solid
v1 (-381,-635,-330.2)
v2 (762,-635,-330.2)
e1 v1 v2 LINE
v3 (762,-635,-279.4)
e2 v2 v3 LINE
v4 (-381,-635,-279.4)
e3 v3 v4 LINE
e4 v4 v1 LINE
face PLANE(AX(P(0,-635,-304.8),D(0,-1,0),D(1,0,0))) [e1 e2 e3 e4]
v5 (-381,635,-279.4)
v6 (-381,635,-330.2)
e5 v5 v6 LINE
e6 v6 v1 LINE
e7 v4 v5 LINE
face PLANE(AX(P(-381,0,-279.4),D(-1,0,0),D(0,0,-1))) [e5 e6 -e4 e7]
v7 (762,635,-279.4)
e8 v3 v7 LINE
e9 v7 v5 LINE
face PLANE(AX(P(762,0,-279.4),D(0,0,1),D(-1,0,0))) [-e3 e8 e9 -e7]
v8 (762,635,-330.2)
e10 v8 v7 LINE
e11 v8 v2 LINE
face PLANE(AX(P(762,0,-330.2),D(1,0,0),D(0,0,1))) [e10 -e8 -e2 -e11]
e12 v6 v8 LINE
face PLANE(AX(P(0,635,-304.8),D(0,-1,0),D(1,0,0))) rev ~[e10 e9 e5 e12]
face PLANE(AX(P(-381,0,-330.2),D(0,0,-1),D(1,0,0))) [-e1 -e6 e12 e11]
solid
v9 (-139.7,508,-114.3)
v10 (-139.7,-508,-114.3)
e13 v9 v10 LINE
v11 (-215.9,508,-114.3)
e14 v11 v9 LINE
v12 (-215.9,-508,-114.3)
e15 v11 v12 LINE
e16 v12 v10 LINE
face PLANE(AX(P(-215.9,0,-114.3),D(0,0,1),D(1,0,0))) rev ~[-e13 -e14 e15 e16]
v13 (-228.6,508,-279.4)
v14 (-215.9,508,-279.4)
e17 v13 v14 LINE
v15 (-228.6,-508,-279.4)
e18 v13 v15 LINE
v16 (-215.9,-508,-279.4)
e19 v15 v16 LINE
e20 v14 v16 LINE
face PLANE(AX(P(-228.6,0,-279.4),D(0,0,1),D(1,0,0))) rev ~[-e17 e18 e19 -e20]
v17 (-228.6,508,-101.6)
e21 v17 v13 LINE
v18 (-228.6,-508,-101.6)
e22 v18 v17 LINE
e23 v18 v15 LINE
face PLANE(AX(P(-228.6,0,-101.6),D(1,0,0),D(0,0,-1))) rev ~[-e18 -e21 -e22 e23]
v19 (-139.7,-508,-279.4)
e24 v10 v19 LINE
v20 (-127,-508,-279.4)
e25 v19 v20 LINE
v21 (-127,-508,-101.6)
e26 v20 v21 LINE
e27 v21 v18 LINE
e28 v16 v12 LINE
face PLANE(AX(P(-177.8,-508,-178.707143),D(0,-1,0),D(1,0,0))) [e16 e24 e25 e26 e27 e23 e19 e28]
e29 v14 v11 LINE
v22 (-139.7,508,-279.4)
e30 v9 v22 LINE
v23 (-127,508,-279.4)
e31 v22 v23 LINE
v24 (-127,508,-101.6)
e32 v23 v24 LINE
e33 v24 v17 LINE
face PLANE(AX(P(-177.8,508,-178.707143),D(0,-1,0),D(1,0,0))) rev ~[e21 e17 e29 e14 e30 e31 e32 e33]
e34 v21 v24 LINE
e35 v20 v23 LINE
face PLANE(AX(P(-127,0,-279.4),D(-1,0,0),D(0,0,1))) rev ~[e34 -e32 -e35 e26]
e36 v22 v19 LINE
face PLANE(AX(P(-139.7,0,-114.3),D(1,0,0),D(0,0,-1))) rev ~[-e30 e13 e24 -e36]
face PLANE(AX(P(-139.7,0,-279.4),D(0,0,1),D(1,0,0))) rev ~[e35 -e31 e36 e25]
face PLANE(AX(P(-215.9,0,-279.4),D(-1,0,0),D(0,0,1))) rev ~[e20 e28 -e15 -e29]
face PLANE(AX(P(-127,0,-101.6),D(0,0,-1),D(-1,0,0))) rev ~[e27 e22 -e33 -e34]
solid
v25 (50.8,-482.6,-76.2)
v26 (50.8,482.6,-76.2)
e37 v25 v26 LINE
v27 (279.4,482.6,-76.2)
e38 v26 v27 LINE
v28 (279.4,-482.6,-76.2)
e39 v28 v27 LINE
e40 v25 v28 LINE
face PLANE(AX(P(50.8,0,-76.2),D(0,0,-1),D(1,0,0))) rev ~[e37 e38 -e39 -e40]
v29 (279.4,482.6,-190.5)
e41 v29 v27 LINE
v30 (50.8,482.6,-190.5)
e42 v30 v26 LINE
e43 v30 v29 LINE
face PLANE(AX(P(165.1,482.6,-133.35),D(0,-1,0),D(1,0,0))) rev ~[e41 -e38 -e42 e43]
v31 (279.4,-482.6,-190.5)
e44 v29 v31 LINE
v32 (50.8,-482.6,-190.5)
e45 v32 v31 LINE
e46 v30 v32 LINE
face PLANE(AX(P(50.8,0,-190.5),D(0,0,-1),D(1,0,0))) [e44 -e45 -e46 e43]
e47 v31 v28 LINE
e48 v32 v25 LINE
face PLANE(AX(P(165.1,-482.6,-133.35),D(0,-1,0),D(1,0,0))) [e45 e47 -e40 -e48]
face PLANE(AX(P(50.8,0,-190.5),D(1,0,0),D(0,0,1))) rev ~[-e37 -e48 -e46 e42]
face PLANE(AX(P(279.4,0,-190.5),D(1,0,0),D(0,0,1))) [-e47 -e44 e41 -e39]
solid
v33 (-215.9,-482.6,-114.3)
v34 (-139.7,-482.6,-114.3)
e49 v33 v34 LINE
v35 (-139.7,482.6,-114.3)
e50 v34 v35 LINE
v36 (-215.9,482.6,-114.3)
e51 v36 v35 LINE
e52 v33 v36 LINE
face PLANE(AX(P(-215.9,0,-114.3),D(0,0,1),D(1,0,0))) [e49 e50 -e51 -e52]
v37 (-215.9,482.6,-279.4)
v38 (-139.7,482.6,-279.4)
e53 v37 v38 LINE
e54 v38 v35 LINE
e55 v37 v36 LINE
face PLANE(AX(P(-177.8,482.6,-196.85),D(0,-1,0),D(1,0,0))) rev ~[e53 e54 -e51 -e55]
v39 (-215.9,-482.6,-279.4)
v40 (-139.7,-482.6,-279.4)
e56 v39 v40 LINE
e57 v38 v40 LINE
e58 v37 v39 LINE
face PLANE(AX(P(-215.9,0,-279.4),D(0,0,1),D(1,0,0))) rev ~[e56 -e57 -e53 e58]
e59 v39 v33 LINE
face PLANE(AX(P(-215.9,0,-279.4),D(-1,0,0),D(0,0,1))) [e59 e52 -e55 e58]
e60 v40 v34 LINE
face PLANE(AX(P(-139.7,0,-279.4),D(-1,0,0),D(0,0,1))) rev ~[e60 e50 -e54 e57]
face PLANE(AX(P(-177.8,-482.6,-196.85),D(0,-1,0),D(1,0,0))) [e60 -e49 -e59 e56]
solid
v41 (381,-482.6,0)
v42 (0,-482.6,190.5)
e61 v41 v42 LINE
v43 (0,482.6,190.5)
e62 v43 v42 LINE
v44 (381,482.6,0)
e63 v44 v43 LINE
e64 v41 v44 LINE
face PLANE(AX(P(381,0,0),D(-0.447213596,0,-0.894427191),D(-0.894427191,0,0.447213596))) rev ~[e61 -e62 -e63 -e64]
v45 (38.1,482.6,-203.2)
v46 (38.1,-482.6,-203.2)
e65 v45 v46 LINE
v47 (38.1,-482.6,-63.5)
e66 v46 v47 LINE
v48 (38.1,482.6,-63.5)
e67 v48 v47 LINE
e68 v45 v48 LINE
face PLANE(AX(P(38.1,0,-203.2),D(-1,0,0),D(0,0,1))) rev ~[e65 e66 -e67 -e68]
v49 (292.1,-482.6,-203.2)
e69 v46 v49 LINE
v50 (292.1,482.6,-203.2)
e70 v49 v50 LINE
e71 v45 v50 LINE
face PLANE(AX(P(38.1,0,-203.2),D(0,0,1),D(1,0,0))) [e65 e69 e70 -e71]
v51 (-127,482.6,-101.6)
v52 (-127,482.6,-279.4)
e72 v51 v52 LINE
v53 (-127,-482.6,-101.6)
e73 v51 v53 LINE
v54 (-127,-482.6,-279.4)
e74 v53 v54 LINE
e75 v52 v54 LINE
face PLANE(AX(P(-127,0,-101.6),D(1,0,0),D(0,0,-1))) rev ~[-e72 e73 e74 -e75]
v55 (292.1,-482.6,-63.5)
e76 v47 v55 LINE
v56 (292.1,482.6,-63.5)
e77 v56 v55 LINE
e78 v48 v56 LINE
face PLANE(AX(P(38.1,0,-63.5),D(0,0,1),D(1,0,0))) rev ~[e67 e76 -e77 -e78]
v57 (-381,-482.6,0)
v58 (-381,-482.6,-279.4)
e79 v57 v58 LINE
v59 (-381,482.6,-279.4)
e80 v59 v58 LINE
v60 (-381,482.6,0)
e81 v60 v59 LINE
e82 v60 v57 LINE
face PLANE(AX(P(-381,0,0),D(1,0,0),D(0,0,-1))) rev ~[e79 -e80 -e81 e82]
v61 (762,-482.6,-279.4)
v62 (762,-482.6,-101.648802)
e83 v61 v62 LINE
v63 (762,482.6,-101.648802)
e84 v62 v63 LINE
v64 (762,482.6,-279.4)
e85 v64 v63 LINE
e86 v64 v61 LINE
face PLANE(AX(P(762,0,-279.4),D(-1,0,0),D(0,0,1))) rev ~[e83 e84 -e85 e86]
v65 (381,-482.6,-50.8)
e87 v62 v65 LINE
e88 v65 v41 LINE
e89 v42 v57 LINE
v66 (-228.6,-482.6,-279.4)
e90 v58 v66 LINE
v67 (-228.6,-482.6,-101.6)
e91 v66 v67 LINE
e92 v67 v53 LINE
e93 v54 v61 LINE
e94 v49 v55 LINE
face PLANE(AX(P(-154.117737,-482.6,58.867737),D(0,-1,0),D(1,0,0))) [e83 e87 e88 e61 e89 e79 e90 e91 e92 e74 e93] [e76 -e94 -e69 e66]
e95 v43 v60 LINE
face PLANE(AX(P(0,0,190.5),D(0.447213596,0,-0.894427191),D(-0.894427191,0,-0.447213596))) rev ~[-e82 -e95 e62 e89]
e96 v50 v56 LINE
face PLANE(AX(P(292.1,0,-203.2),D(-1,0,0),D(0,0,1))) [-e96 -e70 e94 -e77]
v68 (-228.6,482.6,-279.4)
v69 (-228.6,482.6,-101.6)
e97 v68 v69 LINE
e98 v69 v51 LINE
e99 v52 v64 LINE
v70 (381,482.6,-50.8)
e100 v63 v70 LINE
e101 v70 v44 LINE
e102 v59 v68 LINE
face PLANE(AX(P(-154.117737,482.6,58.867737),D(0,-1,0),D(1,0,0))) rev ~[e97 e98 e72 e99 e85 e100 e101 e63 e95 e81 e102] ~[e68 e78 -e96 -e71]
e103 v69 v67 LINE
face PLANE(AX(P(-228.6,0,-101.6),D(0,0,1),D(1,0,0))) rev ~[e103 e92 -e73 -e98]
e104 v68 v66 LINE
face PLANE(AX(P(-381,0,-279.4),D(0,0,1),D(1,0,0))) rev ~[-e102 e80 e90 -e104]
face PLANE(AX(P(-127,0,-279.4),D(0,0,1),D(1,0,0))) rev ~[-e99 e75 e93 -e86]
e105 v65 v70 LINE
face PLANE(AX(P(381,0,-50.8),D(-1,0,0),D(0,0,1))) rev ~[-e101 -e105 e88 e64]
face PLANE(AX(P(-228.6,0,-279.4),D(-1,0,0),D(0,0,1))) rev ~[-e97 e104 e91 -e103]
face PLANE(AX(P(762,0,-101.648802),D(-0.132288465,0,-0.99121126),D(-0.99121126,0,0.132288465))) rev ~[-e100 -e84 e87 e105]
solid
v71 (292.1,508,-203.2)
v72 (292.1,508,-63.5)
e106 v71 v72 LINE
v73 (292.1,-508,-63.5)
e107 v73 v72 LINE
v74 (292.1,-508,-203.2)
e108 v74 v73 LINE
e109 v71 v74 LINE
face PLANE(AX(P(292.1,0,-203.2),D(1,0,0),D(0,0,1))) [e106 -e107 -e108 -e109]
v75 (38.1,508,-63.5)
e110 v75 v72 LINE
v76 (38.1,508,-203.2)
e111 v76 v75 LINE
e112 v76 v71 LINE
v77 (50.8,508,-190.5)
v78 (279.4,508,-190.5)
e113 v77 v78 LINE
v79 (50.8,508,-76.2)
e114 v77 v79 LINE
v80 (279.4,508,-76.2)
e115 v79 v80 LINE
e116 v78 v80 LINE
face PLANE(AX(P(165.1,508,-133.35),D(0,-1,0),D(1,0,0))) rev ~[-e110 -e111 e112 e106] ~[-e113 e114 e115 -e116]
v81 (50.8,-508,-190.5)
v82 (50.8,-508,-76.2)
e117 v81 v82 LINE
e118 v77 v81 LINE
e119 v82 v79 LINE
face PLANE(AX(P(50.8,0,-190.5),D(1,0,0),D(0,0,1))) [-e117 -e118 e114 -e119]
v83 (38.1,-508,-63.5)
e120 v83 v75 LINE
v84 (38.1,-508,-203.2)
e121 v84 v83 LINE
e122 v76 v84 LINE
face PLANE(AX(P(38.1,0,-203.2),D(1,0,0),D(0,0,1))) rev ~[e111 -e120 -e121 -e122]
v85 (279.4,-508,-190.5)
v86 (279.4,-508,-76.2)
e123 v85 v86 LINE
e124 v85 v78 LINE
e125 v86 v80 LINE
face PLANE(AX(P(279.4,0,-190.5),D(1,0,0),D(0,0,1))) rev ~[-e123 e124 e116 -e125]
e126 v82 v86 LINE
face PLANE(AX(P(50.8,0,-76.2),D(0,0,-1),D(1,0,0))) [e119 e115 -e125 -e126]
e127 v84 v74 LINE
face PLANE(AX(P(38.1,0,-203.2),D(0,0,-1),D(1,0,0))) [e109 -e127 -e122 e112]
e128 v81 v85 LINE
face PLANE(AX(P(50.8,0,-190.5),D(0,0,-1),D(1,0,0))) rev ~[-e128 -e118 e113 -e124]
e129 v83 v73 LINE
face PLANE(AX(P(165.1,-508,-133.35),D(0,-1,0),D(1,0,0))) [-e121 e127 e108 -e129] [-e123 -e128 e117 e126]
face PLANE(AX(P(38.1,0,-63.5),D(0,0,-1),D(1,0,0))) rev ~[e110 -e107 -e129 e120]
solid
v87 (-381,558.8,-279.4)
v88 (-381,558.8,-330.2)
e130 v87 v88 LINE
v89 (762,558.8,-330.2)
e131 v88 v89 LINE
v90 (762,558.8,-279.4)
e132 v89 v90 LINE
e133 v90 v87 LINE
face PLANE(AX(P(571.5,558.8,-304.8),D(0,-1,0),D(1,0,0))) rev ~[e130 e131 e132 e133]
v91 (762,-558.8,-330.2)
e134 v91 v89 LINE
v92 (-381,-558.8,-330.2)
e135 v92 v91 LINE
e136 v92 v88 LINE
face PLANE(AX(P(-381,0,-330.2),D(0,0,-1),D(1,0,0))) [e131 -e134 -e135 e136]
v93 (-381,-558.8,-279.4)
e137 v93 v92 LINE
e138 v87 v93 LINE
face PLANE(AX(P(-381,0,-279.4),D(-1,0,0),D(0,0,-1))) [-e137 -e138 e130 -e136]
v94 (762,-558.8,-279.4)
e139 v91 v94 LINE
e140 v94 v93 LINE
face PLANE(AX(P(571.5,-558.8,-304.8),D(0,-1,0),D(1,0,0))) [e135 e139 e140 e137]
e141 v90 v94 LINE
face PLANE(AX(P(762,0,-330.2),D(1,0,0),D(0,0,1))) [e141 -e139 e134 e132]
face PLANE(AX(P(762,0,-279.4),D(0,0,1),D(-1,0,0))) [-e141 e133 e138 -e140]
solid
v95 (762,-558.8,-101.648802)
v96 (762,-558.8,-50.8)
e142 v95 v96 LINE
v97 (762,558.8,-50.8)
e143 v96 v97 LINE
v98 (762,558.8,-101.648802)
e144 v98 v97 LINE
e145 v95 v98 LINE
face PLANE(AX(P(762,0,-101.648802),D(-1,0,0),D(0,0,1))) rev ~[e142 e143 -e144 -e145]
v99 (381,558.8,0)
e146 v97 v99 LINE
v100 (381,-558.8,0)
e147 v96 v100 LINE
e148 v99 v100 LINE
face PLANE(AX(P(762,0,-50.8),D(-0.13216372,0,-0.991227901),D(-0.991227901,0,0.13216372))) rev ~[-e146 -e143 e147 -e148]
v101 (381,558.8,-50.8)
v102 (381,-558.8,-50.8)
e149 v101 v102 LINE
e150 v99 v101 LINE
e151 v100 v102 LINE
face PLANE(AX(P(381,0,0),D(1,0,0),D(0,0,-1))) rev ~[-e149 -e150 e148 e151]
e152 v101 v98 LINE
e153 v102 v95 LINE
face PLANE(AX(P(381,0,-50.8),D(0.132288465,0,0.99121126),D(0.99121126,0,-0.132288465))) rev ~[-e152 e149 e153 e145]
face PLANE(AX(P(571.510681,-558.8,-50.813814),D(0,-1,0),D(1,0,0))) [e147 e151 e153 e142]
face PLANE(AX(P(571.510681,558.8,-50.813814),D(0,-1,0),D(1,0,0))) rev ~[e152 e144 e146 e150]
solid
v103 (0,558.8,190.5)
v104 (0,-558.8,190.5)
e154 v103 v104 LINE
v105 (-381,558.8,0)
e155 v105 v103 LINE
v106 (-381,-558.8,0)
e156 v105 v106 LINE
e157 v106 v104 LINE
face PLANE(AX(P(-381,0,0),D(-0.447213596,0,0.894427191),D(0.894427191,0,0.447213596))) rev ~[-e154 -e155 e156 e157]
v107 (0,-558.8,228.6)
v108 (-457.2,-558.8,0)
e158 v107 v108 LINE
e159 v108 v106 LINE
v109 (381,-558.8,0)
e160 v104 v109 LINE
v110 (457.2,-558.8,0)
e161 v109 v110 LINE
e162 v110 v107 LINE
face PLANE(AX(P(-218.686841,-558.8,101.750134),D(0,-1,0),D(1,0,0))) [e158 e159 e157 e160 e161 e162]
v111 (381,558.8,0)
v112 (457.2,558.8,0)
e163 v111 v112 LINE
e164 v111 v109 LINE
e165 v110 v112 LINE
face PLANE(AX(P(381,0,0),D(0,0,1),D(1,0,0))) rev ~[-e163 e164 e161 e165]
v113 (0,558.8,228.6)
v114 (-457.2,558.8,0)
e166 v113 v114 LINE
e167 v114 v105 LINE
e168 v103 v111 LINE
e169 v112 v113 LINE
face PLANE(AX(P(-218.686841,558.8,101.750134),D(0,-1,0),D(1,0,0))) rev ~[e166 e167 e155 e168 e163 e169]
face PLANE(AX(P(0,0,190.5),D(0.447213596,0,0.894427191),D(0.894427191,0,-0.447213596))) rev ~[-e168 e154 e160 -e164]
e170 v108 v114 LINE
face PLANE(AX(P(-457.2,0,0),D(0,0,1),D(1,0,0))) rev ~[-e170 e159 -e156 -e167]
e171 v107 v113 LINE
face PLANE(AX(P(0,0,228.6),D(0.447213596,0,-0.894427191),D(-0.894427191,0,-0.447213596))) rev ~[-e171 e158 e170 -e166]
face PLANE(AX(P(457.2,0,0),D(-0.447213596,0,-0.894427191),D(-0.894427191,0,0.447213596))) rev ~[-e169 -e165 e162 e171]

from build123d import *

# Parameters (mm, degrees)
F0_W     = 254
F0_H     = 139.7
F0_W_2   = 76.2
F0_H_2   = 165.1
F0_W_3   = 228.6
F0_H_3   = 114.3
F1_DEPTH = 482.6
F2_DEPTH = 508
F0_W_4   = 381
F0_H_4   = 50.8
F3_DEPTH = 558.8
F4_DEPTH = 635


with BuildPart() as f1:
    # F0 (on Front) → F1 (new body, symmetric)
    with BuildSketch(Plane.XZ):
        Polygon((-381, 0), (0, 0), (0, 190.5), align=None)
        Polygon((0, 190.5), (0, 0), (381, 0), align=None)
        Polygon((381, 0), (0, 0), (-381, 0), (-381, -279.4), (-228.6, -279.4), (-228.6, -101.6), (-127, -101.6), (-127, -279.4), (381, -279.4), (381, -50.8), align=None)
        with Locations((165.1, -133.35)):
            Rectangle(F0_W, F0_H, mode=Mode.SUBTRACT)
        Polygon((762, -101.648802), (381, -50.8), (381, -279.4), (762, -279.4), align=None)
        with Locations((-177.8, -196.85)):
            Rectangle(F0_W_2, F0_H_2)
        with Locations((165.1, -133.35)):
            Rectangle(F0_W_3, F0_H_3)
    extrude(amount=F1_DEPTH, both=True)


with BuildPart() as f2:
    # F0 (on Front) → F2 (new body, symmetric)
    with BuildSketch(Plane.XZ):
        Polygon((-228.6, -101.6), (-228.6, -279.4), (-215.9, -279.4), (-215.9, -114.3), (-139.7, -114.3), (-139.7, -279.4), (-127, -279.4), (-127, -101.6), align=None)
        with Locations((165.1, -133.35)):
            Rectangle(F0_W, F0_H)
        with Locations((165.1, -133.35)):
            Rectangle(F0_W_3, F0_H_3, mode=Mode.SUBTRACT)
    extrude(amount=F2_DEPTH, both=True)


with BuildPart() as f3:
    # F0 (on Front) → F3 (new body, symmetric)
    with BuildSketch(Plane.XZ):
        Polygon((-457.2, 0), (-381, 0), (0, 190.5), (0, 228.6), align=None)
        Polygon((762, -50.8), (381, 0), (381, -50.8), (762, -101.648802), align=None)
        with Locations((571.5, -304.8)):
            Rectangle(F0_W_4, F0_H_4)
        Polygon((-228.6, -279.4), (-381, -279.4), (-381, -330.2), (381, -330.2), (381, -279.4), (-127, -279.4), (-139.7, -279.4), (-215.9, -279.4), align=None)
        Polygon((0, 190.5), (381, 0), (457.2, 0), (0, 228.6), align=None)
    extrude(amount=F3_DEPTH, both=True)


with BuildPart() as f4:
    # F0 (on Front) → F4 (new body, symmetric)
    with BuildSketch(Plane.XZ):
        Polygon((-228.6, -279.4), (-381, -279.4), (-381, -330.2), (381, -330.2), (381, -279.4), (-127, -279.4), (-139.7, -279.4), (-215.9, -279.4), align=None)
        with Locations((571.5, -304.8)):
            Rectangle(F0_W_4, F0_H_4)
    extrude(amount=F4_DEPTH, both=True)


solid = Compound([f1.part, f2.part, f3.part, f4.part])
